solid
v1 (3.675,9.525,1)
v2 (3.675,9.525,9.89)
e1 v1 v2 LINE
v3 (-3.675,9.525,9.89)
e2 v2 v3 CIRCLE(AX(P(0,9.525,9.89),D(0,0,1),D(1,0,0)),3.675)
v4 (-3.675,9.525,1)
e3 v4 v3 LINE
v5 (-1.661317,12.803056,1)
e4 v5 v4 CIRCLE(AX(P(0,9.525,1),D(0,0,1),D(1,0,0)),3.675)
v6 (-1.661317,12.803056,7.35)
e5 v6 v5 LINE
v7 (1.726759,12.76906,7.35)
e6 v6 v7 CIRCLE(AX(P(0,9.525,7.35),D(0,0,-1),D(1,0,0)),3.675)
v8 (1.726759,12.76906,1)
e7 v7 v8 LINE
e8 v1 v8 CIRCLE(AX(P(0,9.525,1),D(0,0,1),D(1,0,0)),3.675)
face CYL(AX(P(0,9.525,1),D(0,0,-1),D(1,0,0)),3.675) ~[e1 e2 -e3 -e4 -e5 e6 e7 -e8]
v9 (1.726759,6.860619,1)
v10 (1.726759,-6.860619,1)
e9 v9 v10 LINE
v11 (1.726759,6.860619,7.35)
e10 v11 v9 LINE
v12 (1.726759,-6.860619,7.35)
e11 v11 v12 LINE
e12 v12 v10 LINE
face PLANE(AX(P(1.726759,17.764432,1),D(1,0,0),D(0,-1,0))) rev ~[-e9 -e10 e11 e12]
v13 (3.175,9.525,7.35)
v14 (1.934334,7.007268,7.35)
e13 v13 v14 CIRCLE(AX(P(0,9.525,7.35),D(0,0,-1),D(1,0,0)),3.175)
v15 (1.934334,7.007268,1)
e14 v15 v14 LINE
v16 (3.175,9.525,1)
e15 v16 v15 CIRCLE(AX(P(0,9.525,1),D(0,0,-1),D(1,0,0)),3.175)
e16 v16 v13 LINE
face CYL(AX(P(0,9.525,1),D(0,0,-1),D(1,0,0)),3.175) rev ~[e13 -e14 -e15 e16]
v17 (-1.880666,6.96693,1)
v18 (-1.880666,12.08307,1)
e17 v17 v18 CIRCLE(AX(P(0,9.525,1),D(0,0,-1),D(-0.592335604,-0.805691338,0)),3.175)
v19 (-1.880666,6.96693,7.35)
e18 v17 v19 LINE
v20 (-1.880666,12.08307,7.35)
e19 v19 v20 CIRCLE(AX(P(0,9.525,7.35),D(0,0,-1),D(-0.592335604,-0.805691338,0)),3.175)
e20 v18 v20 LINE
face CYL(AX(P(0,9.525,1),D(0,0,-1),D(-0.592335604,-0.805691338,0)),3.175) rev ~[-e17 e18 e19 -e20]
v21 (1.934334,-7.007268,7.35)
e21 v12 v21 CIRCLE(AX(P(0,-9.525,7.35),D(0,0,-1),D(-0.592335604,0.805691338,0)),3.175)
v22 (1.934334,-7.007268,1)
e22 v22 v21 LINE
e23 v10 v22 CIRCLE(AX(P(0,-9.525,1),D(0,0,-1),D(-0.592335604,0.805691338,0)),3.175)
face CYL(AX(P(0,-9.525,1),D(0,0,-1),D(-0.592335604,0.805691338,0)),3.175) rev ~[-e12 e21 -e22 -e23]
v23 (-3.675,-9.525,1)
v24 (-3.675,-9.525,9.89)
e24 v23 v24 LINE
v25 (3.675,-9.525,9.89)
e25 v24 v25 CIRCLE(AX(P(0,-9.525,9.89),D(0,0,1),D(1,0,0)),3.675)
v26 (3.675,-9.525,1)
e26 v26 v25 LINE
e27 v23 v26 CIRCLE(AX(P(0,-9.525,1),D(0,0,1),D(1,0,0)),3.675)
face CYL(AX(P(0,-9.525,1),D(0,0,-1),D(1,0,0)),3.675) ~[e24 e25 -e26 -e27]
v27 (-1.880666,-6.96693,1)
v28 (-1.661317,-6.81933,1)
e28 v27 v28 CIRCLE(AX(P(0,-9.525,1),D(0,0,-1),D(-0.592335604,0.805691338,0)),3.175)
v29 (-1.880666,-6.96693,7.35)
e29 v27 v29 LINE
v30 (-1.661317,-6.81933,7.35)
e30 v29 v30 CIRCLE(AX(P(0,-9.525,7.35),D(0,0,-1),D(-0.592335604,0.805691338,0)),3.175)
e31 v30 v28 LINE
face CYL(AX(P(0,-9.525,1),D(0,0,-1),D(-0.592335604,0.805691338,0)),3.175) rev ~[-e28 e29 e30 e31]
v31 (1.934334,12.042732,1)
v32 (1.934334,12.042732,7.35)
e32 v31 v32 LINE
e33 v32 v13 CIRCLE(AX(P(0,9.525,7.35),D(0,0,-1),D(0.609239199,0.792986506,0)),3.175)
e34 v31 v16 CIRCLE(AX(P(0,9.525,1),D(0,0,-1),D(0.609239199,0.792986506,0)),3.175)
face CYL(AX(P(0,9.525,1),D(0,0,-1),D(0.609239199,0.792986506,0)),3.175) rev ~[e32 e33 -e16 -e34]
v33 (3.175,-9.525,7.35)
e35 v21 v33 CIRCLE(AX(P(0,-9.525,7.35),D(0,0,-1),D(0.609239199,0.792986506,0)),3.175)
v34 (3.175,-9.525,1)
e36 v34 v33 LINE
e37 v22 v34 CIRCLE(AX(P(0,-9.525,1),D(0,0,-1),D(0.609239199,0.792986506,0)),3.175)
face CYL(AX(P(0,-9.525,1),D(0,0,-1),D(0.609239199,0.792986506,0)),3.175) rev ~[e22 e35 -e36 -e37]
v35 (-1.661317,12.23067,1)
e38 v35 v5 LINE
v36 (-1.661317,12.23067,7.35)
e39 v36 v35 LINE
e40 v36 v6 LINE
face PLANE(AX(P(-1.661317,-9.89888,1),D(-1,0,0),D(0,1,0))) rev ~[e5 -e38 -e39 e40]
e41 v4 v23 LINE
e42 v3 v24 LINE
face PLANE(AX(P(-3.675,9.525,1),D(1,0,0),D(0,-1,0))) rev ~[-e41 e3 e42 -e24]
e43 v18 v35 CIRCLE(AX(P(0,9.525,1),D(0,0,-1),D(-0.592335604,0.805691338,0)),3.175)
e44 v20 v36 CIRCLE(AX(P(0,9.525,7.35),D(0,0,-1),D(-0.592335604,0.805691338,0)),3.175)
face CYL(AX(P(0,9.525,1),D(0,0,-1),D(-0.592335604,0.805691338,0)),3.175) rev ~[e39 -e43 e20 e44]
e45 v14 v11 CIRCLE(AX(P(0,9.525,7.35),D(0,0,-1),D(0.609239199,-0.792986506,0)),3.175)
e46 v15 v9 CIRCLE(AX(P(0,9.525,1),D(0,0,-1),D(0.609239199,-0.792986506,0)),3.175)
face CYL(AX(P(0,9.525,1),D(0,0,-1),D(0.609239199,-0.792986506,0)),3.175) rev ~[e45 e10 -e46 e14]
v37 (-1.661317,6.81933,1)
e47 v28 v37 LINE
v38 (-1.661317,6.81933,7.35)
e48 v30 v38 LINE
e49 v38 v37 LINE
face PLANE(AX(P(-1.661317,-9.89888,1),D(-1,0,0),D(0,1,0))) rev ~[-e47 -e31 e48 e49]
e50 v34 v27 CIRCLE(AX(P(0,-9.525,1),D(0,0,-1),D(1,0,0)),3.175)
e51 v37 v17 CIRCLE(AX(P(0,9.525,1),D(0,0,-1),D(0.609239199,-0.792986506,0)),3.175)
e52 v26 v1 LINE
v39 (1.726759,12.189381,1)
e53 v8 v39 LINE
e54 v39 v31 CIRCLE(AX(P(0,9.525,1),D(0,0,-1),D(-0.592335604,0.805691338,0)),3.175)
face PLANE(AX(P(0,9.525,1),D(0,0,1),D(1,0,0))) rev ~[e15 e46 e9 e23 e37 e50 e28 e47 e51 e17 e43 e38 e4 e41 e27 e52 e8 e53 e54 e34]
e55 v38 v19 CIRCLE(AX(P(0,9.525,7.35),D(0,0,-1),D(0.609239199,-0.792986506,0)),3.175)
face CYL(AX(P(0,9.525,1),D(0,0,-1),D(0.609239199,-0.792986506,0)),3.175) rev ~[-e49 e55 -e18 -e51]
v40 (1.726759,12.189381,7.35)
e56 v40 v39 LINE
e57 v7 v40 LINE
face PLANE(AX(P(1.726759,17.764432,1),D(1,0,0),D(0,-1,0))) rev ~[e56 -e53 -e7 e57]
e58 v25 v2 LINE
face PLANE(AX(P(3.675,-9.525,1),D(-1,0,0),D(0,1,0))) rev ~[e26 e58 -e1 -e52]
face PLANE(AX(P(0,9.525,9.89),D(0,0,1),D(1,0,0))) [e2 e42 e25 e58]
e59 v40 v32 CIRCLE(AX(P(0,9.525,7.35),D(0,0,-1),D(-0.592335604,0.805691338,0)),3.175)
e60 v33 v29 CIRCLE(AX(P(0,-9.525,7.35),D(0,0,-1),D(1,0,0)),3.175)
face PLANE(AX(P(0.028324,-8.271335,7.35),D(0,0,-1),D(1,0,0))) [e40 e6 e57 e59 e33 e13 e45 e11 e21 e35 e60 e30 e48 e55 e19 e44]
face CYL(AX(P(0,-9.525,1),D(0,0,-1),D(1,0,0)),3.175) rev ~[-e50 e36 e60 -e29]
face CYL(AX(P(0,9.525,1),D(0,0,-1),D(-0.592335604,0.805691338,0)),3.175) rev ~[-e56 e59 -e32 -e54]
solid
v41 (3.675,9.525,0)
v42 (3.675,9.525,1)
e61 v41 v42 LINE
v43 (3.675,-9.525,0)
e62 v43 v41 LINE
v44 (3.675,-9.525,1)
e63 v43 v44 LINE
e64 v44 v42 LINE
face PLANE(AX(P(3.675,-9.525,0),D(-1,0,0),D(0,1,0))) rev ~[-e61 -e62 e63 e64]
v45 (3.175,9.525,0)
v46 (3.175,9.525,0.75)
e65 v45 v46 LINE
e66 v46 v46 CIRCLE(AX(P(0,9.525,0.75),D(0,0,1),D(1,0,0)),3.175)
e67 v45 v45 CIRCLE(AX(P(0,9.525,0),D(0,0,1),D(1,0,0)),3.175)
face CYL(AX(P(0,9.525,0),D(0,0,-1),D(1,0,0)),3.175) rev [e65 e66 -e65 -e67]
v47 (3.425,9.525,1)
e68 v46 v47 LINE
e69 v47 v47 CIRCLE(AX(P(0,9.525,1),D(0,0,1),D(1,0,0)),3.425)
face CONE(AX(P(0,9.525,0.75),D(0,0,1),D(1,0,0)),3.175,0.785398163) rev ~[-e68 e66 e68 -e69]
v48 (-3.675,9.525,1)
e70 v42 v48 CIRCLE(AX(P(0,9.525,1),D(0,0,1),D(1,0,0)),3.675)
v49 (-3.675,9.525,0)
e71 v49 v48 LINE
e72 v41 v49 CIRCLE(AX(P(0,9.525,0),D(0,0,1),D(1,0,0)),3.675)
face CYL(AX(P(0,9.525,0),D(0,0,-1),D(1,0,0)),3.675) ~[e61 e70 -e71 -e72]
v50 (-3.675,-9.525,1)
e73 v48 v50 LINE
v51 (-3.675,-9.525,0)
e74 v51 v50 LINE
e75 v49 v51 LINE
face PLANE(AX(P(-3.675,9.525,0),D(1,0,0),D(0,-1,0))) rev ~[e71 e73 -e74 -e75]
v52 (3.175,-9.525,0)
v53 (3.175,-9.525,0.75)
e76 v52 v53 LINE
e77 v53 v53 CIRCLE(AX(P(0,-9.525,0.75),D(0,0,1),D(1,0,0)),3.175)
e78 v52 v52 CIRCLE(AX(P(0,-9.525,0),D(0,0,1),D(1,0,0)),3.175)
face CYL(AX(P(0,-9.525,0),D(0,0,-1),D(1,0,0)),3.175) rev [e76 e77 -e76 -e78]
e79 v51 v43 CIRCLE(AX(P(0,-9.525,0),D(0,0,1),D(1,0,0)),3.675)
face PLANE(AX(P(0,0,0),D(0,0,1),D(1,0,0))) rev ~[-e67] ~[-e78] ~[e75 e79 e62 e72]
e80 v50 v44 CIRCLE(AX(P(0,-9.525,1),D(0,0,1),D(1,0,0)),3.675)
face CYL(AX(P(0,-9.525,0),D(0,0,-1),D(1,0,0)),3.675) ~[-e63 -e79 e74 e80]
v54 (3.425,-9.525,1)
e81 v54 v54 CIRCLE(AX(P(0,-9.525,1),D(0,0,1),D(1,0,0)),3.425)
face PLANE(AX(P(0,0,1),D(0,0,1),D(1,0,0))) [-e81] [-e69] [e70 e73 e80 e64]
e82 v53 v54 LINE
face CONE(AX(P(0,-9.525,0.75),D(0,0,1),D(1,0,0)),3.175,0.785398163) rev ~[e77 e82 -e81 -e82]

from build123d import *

# Parameters (mm, degrees)
F0_R     = 3.175
F1_DEPTH = 1
F2_SIZE  = 0.25
F3_DEPTH = 8.89
F6_DEPTH = 6.35
F8_DEPTH = 6.35


with BuildPart() as f1:
    # F0 (on Top) → F1 (new body)
    with BuildSketch(Plane.XY):
        with BuildLine():
            Line((3.675, -9.525), (3.675, 9.525))
            ThreePointArc((3.675, 9.525), (0, 5.85), (-3.675, 9.525))
            Line((-3.675, 9.525), (-3.675, -9.525))
            ThreePointArc((-3.675, -9.525), (0, -5.85), (3.675, -9.525))
        make_face()
        with BuildLine():
            ThreePointArc((-3.675, 9.525), (0, 5.85), (3.675, 9.525))
            ThreePointArc((3.675, 9.525), (0, 13.2), (-3.675, 9.525))
        make_face()
        with Locations((0, 9.525)):
            Circle(F0_R, mode=Mode.SUBTRACT)
        with BuildLine():
            ThreePointArc((-3.675, -9.525), (0, -13.2), (3.675, -9.525))
            ThreePointArc((3.675, -9.525), (0, -5.85), (-3.675, -9.525))
        make_face()
        with Locations((0, -9.525)):
            Circle(F0_R, mode=Mode.SUBTRACT)
    extrude(amount=F1_DEPTH)

    # F2
    f2_edges = [f1.edges().sort_by_distance(p)[0] for p in [
        (-3.175, -9.525, 1),
        (-3.175, 9.525, 1),
    ]]
    chamfer(f2_edges, length=F2_SIZE)


with BuildPart() as f3:
    # F0 (on Top) → F3 (new body)
    with BuildSketch(Plane.XY):
        with BuildLine():
            ThreePointArc((-3.675, 9.525), (0, 5.85), (3.675, 9.525))
            ThreePointArc((3.675, 9.525), (0, 13.2), (-3.675, 9.525))
        make_face()
        with Locations((0, 9.525)):
            Circle(F0_R, mode=Mode.SUBTRACT)
        with Locations((0, 9.525)):
            Circle(F0_R)
        with BuildLine():
            Line((3.675, -9.525), (3.675, 9.525))
            ThreePointArc((3.675, 9.525), (0, 5.85), (-3.675, 9.525))
            Line((-3.675, 9.525), (-3.675, -9.525))
            ThreePointArc((-3.675, -9.525), (0, -5.85), (3.675, -9.525))
        make_face()
        with BuildLine():
            ThreePointArc((-3.675, -9.525), (0, -13.2), (3.675, -9.525))
            ThreePointArc((3.675, -9.525), (0, -5.85), (-3.675, -9.525))
        make_face()
        with Locations((0, -9.525)):
            Circle(F0_R, mode=Mode.SUBTRACT)
        with Locations((0, -9.525)):
            Circle(F0_R)
    extrude(amount=F3_DEPTH)


with BuildPart() as f3_1:
    # F4: moved
    add(f3.part.moved(Location((0, 0, 1))))

    # F5 (on face) → F6 (cut)
    with BuildSketch(Plane(origin=(0, 0, 1), x_dir=(1, 0, 0), z_dir=(0, 0, -1))):
        with BuildLine():
            Line((-1.8806655426, 7.9525317997), (-1.8806655426, 6.9669300015))
            ThreePointArc((-1.8806655426, 6.9669300015), (0.0335689365, 6.3501774654), (1.9343344574, 7.0072678445))
            Line((1.9343344574, 7.0072678445), (1.9343344574, 7.9525317997))
            Line((1.9343344574, 7.9525317997), (-1.8806655426, 7.9525317997))
        make_face()
        with BuildLine():
            ThreePointArc((1.9343344574, 7.0072678445), (2.847993759, 8.1215910971), (3.175, 9.525))
            ThreePointArc((3.175, 9.525), (-1.4334419944, 12.3579964788), (-1.8806655426, 6.9669300015))
            Line((-1.8806655426, 6.9669300015), (-1.8806655426, 7.9525317997))
            Line((-1.8806655426, 7.9525317997), (1.9343344574, 7.9525317997))
            Line((1.9343344574, 7.9525317997), (1.9343344574, 7.0072678445))
        make_face()
        with BuildLine():
            ThreePointArc((1.9343344574, -7.0072678445), (0.0335689365, -6.3501774654), (-1.8806655426, -6.9669300015))
            Line((-1.8806655426, -6.9669300015), (-1.8806655426, -12.0830699985))
            ThreePointArc((-1.8806655426, -12.0830699985), (0.0335689365, -12.6998225346), (1.9343344574, -12.0427321555))
            Line((1.9343344574, -12.0427321555), (1.9343344574, -7.0072678445))
        make_face()
        with BuildLine():
            ThreePointArc((3.175, -9.525), (2.847993759, -8.1215910971), (1.9343344574, -7.0072678445))
            Line((1.9343344574, -7.0072678445), (1.9343344574, -12.0427321555))
            ThreePointArc((1.9343344574, -12.0427321555), (2.847993759, -10.9284089029), (3.175, -9.525))
        make_face()
        with BuildLine():
            Line((-1.8806655426, -12.0830699985), (-1.8806655426, -6.9669300015))
            ThreePointArc((-1.8806655426, -6.9669300015), (-3.175, -9.525), (-1.8806655426, -12.0830699985))
        make_face()
    extrude(amount=-F6_DEPTH, mode=Mode.SUBTRACT)

    # F7 (on face) → F8 (cut)
    with BuildSketch(Plane(origin=(0, 0, 1), x_dir=(1, 0, 0), z_dir=(0, 0, -1))):
        with BuildLine():
            Line((1.7267590156, 6.8606185892), (1.7267590156, 9.8988795653))
            Line((1.7267590156, 9.8988795653), (-1.6613168409, 9.8988795653))
            Line((-1.6613168409, 9.8988795653), (-1.6613168409, 6.8193297773))
            ThreePointArc((-1.6613168409, 6.8193297773), (0.0386892886, 6.3502357349), (1.7267590156, 6.8606185892))
        make_face()
        with BuildLine():
            Line((1.7267590156, -6.8606185892), (1.7267590156, 6.8606185892))
            ThreePointArc((1.7267590156, 6.8606185892), (0.0386892886, 6.3502357349), (-1.6613168409, 6.8193297773))
            Line((-1.6613168409, 6.8193297773), (-1.6613168409, -6.8193297773))
            ThreePointArc((-1.6613168409, -6.8193297773), (0.0386892886, -6.3502357349), (1.7267590156, -6.8606185892))
        make_face()
        with BuildLine():
            Line((1.7267590156, -12.1893814108), (1.7267590156, -6.8606185892))
            ThreePointArc((1.7267590156, -6.8606185892), (0.0386892886, -6.3502357349), (-1.6613168409, -6.8193297773))
            Line((-1.6613168409, -6.8193297773), (-1.6613168409, -12.2306702227))
            ThreePointArc((-1.6613168409, -12.2306702227), (0.0386892886, -12.6997642651), (1.7267590156, -12.1893814108))
        make_face()
        with BuildLine():
            Line((1.7267590156, -12.7690604652), (1.7267590156, -12.1893814108))
            ThreePointArc((1.7267590156, -12.1893814108), (0.0386892886, -12.6997642651), (-1.6613168409, -12.2306702227))
            Line((-1.6613168409, -12.2306702227), (-1.6613168409, -12.8030560328))
            ThreePointArc((-1.6613168409, -12.8030560328), (0.0368726757, -13.1998150165), (1.7267590156, -12.7690604652))
        make_face()
        with BuildLine():
            Line((1.7267590156, -17.7644323558), (1.7267590156, -12.7690604652))
            ThreePointArc((1.7267590156, -12.7690604652), (0.0368726757, -13.1998150165), (-1.6613168409, -12.8030560328))
            Line((-1.6613168409, -12.8030560328), (-1.6613168409, -17.7644323558))
            Line((-1.6613168409, -17.7644323558), (1.7267590156, -17.7644323558))
        make_face()
    extrude(amount=-F8_DEPTH, mode=Mode.SUBTRACT)


solid = Compound([f1.part, f3_1.part])
